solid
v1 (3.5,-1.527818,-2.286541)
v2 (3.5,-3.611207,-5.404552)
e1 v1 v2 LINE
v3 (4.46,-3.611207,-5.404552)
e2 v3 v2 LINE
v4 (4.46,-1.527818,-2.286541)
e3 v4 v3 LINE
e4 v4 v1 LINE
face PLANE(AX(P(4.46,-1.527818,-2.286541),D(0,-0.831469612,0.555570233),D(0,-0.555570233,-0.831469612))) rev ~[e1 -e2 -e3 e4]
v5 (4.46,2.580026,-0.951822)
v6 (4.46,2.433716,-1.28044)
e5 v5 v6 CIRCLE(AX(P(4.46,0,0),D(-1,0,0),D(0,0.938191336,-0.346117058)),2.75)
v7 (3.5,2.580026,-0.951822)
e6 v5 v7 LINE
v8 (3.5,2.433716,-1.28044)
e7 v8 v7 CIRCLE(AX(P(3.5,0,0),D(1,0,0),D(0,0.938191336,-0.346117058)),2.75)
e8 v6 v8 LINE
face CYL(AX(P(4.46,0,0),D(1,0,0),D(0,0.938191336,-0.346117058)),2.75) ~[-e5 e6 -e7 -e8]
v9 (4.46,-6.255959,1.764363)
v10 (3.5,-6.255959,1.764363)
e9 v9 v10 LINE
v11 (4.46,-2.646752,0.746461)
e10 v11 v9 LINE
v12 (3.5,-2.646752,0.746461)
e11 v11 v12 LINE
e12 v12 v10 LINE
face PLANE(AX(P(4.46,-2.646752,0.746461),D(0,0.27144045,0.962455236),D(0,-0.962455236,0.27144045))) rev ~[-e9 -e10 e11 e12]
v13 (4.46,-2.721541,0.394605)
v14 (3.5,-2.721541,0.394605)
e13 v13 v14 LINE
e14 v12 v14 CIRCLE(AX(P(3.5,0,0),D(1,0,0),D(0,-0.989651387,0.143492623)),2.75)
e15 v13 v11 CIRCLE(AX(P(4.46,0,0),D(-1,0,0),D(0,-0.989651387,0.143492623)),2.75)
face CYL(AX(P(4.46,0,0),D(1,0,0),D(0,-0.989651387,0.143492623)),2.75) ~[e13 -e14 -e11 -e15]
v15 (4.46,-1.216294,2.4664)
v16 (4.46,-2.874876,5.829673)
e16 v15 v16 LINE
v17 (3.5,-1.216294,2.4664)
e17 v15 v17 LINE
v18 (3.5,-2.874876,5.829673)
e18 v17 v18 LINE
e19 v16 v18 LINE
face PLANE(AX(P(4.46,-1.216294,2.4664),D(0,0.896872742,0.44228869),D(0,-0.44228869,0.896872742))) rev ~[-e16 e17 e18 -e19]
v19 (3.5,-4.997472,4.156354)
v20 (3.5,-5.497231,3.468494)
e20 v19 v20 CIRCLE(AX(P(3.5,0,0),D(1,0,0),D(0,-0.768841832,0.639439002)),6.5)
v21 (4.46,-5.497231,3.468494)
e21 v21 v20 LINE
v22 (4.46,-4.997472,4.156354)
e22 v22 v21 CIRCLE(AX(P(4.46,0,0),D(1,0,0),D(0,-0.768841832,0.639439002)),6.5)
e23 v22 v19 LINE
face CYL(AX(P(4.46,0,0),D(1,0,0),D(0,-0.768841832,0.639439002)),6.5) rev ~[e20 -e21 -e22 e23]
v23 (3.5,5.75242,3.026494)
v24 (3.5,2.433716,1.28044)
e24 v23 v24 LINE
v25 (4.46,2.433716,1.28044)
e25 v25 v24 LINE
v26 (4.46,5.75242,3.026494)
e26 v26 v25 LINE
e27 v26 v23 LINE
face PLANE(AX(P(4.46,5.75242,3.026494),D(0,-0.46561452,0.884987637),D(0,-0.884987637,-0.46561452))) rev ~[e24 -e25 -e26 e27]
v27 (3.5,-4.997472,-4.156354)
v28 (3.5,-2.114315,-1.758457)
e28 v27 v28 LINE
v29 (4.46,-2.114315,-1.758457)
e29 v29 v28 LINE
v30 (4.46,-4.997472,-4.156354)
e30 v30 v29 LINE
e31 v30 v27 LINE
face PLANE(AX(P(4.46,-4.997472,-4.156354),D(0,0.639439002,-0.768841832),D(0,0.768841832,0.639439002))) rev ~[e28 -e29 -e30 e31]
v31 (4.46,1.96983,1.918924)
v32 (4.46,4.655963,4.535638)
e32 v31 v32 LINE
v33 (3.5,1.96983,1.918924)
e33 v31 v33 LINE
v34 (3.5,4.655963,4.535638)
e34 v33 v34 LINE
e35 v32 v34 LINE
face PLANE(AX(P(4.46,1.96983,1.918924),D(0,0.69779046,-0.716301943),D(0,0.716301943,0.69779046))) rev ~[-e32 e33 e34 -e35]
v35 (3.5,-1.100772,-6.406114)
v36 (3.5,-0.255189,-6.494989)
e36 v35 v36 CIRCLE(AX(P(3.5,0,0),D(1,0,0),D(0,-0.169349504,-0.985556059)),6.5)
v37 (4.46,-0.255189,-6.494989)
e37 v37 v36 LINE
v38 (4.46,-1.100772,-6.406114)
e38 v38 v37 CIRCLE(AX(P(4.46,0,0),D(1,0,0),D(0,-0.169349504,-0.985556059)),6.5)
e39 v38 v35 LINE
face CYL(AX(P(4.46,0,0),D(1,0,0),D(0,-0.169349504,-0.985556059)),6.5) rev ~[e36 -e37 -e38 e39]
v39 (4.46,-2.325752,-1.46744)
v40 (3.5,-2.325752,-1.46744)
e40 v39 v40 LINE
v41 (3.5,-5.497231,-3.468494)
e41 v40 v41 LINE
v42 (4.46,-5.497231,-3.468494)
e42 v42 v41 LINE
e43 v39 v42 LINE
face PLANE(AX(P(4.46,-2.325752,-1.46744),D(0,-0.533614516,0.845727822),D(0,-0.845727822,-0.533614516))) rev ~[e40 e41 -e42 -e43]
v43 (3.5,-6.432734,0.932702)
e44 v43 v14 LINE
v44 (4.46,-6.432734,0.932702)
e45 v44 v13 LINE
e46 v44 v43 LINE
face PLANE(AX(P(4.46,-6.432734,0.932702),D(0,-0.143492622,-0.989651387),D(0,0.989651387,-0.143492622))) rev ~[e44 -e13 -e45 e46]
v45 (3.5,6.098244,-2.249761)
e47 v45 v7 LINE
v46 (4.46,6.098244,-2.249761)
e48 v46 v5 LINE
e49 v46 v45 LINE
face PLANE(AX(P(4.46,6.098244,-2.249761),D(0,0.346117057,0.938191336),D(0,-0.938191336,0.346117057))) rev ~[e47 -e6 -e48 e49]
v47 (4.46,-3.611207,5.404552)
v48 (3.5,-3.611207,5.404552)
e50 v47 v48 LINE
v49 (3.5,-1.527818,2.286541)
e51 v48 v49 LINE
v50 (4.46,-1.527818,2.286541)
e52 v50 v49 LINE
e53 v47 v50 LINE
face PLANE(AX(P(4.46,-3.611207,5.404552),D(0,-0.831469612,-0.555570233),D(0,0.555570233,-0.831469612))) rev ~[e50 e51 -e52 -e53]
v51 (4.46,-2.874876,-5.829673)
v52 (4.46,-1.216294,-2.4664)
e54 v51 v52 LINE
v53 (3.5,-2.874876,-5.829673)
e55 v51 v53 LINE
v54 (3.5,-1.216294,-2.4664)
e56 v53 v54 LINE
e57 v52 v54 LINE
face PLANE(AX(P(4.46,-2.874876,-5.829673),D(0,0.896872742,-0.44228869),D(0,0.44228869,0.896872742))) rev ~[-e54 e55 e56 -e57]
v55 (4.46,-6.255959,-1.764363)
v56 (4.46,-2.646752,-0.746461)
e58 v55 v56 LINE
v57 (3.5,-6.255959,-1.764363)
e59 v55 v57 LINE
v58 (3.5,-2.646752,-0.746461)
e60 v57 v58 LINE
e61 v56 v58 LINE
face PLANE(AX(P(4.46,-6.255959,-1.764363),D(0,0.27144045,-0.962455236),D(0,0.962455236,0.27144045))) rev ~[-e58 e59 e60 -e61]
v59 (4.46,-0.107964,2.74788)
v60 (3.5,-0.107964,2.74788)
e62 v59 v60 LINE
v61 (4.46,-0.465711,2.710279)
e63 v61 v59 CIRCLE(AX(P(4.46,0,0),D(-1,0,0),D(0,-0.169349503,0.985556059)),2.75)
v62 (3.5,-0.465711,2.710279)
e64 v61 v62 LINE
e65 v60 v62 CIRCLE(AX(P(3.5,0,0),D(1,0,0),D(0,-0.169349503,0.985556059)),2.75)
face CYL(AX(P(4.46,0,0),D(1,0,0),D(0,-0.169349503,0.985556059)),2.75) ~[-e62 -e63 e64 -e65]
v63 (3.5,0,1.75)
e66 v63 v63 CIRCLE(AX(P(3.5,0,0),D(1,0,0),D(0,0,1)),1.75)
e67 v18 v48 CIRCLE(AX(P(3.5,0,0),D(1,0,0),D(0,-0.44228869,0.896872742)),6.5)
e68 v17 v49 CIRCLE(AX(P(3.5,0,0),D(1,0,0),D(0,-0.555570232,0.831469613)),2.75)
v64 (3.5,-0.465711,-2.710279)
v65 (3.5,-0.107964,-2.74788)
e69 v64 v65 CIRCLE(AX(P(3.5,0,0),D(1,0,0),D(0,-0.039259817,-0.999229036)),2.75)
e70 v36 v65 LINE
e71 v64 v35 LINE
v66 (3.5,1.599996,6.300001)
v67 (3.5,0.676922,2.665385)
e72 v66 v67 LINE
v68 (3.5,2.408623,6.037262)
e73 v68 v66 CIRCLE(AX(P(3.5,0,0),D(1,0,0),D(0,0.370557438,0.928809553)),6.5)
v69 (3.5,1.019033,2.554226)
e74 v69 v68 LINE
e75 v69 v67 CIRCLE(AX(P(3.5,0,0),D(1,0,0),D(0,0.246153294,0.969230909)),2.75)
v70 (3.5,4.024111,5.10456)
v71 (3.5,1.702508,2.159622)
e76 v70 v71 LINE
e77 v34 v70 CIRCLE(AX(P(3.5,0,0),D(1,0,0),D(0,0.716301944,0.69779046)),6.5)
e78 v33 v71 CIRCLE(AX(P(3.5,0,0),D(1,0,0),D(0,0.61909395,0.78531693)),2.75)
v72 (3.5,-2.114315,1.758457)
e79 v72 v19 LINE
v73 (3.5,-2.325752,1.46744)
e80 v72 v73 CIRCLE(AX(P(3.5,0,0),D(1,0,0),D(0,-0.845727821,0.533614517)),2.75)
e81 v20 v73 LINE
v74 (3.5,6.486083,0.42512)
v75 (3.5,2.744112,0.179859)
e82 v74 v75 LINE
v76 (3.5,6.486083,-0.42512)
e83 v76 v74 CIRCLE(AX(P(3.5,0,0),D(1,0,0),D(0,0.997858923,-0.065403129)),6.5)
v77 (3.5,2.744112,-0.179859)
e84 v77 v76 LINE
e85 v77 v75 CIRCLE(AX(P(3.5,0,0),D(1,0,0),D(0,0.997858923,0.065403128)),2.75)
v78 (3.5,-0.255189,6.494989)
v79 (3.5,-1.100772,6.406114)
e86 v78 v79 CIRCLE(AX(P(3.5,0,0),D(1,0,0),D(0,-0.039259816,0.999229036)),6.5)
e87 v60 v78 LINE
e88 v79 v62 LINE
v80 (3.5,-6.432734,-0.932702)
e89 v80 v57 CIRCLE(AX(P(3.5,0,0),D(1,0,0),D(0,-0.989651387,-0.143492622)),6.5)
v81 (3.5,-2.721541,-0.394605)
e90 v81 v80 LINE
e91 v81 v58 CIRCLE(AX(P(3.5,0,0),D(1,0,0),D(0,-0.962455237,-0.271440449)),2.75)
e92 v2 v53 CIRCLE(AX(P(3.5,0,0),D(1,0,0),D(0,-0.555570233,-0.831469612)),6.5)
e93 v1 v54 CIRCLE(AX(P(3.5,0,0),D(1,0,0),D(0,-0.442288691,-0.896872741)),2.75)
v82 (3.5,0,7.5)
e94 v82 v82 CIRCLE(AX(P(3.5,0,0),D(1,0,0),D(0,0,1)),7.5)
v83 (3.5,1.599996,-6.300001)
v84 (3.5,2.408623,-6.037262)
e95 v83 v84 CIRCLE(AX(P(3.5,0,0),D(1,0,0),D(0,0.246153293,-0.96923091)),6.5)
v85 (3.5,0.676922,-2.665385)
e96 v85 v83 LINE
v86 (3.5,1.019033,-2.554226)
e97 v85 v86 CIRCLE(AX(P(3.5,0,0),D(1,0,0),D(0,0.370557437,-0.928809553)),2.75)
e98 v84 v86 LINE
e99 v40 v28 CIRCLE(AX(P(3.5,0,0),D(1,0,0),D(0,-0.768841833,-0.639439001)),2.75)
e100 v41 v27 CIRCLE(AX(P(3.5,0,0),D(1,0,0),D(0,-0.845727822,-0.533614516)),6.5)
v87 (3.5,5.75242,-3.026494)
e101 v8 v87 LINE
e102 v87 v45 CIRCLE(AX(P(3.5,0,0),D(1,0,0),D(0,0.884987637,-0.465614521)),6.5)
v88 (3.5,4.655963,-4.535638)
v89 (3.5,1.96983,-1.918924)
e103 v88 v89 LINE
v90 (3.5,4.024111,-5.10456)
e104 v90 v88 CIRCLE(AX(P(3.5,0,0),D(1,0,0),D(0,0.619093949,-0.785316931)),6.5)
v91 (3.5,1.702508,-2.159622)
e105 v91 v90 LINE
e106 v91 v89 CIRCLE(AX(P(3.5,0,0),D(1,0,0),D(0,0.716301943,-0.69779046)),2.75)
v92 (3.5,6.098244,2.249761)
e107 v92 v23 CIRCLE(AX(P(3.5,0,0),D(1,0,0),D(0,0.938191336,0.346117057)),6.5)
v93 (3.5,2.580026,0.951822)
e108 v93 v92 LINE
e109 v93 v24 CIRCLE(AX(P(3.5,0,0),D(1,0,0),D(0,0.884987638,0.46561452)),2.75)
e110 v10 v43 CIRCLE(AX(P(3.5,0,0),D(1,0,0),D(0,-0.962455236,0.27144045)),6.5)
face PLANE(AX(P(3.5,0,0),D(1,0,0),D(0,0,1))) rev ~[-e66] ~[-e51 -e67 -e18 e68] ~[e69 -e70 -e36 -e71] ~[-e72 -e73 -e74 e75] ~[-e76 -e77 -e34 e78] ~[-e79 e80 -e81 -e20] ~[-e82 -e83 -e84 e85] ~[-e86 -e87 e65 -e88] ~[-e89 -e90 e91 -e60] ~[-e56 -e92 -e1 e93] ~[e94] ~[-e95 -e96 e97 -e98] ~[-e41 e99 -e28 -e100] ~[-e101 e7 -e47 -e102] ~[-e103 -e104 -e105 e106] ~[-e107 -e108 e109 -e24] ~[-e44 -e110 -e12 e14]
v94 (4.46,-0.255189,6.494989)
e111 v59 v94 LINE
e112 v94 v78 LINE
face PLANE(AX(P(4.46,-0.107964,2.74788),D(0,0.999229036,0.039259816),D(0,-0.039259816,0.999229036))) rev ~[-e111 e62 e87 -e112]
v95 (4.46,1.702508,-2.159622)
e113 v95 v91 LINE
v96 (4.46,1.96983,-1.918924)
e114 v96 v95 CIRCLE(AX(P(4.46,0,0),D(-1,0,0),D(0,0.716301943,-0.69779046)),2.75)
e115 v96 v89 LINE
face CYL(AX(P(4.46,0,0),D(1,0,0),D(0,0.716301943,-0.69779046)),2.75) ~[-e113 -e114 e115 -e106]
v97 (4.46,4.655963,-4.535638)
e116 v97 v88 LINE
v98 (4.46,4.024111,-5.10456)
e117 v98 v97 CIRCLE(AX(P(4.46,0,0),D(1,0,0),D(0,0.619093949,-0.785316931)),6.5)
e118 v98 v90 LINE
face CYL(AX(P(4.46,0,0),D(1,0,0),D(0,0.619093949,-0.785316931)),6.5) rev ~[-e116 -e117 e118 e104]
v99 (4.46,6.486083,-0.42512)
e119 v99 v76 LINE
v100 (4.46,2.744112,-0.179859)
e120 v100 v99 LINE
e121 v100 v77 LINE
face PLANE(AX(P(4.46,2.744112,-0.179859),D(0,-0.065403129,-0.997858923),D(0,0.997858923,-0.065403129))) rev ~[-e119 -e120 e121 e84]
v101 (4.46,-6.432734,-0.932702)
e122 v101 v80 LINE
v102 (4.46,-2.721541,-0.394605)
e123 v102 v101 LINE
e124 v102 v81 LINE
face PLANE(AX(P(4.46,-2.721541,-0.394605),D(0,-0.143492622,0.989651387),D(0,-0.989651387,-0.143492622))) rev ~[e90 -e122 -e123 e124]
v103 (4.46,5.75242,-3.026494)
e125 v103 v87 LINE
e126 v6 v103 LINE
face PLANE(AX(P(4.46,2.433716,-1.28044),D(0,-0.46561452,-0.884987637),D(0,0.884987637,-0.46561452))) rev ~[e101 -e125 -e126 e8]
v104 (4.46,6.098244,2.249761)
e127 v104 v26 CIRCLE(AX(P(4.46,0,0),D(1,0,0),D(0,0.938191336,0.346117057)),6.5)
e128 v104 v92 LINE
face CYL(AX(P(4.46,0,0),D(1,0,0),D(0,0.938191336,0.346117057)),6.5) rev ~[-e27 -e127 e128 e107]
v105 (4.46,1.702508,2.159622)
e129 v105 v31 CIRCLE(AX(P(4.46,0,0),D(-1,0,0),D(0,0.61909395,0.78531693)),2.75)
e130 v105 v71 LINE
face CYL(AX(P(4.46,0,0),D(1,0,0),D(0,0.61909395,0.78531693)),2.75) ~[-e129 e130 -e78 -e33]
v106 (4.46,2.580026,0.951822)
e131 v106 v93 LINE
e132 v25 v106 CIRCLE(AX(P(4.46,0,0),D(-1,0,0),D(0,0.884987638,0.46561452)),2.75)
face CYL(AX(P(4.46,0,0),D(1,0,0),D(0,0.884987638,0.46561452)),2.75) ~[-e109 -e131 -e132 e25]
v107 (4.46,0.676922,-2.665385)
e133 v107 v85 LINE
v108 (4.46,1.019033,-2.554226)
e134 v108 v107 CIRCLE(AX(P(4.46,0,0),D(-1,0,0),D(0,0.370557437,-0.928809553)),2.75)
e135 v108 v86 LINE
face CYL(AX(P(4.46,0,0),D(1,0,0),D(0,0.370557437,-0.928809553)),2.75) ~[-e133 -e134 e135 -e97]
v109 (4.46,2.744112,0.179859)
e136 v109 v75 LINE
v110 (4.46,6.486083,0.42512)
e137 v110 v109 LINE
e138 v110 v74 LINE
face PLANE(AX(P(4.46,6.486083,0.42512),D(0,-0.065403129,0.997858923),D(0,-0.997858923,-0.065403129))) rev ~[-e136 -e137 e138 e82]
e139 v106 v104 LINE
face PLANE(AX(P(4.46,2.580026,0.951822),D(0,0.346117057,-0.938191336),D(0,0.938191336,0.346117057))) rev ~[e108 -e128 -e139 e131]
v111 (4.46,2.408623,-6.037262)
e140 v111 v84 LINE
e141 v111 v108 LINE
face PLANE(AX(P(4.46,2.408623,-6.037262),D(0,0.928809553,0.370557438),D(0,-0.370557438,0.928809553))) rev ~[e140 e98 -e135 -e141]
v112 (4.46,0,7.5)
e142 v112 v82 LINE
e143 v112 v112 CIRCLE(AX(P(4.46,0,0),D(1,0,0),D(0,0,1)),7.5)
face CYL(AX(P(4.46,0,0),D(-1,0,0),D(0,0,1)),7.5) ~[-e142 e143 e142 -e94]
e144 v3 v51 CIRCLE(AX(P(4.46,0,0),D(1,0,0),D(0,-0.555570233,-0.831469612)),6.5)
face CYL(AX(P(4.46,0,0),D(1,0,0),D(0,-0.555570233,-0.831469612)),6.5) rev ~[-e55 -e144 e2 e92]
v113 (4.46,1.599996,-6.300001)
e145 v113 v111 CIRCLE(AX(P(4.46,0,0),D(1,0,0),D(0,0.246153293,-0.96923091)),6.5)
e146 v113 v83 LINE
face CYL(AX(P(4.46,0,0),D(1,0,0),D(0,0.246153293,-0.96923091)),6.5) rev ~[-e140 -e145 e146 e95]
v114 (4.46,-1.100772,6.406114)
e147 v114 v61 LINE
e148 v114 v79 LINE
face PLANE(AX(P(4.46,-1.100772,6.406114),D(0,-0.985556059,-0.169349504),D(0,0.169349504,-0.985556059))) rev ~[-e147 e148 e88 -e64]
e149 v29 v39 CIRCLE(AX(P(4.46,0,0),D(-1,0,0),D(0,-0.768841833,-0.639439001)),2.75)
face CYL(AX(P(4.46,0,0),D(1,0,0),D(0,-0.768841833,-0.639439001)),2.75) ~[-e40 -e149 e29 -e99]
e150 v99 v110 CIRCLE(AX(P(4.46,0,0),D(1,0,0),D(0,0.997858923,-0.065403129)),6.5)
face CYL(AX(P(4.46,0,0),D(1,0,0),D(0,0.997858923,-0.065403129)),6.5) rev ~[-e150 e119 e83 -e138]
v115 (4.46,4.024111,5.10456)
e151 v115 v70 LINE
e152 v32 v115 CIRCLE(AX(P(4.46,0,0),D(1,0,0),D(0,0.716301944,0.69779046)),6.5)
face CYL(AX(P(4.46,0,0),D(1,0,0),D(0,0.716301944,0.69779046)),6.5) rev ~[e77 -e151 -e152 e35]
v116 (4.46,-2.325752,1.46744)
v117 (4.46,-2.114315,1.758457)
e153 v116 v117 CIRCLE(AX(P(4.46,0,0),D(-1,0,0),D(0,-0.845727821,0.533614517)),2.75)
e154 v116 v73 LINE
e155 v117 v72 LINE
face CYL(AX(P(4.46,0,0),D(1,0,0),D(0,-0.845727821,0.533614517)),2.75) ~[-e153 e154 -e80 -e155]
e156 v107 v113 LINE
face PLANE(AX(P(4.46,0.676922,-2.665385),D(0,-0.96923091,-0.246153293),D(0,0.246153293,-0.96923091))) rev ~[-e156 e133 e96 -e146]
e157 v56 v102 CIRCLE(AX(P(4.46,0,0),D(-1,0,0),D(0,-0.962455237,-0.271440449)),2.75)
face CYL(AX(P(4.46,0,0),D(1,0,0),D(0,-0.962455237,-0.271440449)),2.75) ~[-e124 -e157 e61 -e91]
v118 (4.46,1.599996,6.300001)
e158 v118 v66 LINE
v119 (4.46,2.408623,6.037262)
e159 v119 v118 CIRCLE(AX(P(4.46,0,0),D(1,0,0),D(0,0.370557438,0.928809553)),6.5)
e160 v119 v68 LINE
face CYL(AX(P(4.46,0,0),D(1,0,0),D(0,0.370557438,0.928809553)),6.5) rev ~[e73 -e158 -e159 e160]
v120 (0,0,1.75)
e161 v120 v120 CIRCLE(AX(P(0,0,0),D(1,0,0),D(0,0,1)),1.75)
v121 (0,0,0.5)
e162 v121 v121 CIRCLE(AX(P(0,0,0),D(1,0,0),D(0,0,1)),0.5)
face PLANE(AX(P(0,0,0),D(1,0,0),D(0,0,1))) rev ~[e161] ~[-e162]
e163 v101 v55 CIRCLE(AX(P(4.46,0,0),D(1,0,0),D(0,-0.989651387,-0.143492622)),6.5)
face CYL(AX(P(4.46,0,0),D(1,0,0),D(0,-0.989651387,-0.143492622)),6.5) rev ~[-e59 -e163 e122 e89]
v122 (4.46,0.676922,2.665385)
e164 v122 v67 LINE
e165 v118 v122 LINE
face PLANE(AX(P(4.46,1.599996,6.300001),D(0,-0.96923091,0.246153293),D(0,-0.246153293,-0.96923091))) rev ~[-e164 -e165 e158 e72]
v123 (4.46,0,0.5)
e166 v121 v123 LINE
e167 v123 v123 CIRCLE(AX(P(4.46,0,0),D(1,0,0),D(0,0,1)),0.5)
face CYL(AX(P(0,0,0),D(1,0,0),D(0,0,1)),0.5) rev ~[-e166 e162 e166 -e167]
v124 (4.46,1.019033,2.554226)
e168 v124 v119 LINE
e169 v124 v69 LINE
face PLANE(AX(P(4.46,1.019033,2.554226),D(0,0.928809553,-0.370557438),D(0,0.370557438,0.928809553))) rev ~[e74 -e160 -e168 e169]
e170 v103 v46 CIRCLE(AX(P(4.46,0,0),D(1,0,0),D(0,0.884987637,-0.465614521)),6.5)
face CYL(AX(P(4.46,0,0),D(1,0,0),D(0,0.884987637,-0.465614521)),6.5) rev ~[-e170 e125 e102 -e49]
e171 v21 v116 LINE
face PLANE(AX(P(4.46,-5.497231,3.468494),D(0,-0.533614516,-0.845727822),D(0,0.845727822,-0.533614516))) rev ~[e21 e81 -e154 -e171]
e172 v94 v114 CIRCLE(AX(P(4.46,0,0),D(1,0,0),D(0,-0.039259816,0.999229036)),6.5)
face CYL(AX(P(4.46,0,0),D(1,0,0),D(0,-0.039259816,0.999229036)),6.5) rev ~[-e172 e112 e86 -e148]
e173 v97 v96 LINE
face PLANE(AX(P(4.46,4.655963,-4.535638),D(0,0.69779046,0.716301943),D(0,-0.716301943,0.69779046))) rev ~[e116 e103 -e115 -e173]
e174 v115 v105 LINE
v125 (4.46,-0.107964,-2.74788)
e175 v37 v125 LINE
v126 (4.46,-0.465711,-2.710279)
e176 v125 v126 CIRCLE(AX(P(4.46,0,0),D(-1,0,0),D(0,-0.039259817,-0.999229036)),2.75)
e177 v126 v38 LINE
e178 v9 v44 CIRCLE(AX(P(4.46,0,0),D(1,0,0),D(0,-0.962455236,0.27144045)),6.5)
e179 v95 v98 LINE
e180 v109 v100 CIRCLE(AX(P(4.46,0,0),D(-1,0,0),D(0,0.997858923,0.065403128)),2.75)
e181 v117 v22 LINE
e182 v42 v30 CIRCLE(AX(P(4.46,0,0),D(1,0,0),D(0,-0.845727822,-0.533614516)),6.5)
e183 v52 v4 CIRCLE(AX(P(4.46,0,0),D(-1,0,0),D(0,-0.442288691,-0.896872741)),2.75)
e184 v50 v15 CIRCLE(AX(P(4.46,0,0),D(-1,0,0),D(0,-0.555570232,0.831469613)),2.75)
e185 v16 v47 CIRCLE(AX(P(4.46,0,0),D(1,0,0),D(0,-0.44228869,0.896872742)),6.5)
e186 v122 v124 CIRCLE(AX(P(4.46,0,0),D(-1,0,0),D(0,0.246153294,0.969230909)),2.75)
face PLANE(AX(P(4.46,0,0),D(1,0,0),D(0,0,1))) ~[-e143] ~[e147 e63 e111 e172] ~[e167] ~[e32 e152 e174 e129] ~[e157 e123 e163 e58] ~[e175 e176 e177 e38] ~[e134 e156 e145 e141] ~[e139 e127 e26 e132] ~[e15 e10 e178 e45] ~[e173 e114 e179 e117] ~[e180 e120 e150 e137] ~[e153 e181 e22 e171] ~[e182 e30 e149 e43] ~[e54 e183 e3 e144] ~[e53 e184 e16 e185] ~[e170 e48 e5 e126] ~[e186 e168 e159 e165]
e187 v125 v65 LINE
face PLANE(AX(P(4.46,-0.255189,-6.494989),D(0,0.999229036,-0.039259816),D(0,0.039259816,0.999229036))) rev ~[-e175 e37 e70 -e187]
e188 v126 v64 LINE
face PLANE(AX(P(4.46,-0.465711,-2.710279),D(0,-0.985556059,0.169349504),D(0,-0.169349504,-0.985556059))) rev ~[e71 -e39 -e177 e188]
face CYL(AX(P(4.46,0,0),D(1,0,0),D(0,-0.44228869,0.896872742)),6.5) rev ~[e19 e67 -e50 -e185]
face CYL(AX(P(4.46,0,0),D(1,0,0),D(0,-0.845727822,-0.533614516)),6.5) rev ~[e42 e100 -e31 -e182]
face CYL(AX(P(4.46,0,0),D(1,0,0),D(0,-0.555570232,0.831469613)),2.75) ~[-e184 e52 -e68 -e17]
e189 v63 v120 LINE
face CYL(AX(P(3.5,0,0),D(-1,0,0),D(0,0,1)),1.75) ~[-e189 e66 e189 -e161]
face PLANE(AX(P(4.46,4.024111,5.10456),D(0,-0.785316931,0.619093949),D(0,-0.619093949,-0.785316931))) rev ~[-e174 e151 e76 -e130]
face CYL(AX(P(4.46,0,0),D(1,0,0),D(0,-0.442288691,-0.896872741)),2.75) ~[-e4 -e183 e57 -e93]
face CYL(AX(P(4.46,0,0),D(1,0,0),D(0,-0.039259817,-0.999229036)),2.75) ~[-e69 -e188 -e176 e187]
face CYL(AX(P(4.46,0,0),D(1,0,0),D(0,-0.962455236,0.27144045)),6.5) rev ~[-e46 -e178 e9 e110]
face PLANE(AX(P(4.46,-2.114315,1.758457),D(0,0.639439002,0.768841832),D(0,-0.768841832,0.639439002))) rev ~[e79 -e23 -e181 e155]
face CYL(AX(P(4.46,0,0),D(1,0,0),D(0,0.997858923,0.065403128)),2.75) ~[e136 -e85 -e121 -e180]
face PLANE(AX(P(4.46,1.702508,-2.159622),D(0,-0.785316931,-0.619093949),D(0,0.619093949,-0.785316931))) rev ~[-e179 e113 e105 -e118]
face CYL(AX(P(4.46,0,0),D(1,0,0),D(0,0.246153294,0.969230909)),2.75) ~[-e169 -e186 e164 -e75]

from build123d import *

# Parameters (mm, degrees)
CUT_EXTRUDE1_DEPTH = 12.506154875
CIRPATTERN1_COUNT  = 15


with BuildPart() as part:
    # Sketch1 → Revolve1 (revolve)
    with BuildSketch(Plane.XY, mode=Mode.PRIVATE) as revolve1_sk:
        Polygon((0, 0.5), (4.46, 0.5), (4.46, 7.5), (3.5, 7.5), (3.5, 1.75), (0, 1.75), align=None)
    revolve(revolve1_sk.sketch.rotate(Axis((-1851.483850706, 0, 0), (1, 0, 0)), 90), axis=Axis((-1851.483850706, 0, 0), (1, 0, 0)))

    # Sketch2 → Cut-Extrude1 (cut, through all)
    with BuildSketch(Plane(origin=(4.46, 0, 0), x_dir=(0, 0, -1), z_dir=(1, 0, 0))):
        with BuildLine():
            Line((-0.42512034, 6.486083001), (-0.179858605, 2.744112039))
            ThreePointArc((-0.179858605, 2.744112039), (0, 2.75), (0.179858605, 2.744112039))
            Line((0.179858605, 2.744112039), (0.42512034, 6.486083001))
            ThreePointArc((0.42512034, 6.486083001), (0, 6.5), (-0.42512034, 6.486083001))
        make_face()
    cut_extrude1 = extrude(amount=-CUT_EXTRUDE1_DEPTH, mode=Mode.SUBTRACT)

    # CirPattern1: Cut-Extrude1 ×15 about axis
    cirpattern1_axis = Axis((0, 0, 0), (1, 0, 0))
    for i in range(1, CIRPATTERN1_COUNT):
        add(cut_extrude1.rotate(cirpattern1_axis, i * 360 / CIRPATTERN1_COUNT), mode=Mode.SUBTRACT)


solid = part.part
